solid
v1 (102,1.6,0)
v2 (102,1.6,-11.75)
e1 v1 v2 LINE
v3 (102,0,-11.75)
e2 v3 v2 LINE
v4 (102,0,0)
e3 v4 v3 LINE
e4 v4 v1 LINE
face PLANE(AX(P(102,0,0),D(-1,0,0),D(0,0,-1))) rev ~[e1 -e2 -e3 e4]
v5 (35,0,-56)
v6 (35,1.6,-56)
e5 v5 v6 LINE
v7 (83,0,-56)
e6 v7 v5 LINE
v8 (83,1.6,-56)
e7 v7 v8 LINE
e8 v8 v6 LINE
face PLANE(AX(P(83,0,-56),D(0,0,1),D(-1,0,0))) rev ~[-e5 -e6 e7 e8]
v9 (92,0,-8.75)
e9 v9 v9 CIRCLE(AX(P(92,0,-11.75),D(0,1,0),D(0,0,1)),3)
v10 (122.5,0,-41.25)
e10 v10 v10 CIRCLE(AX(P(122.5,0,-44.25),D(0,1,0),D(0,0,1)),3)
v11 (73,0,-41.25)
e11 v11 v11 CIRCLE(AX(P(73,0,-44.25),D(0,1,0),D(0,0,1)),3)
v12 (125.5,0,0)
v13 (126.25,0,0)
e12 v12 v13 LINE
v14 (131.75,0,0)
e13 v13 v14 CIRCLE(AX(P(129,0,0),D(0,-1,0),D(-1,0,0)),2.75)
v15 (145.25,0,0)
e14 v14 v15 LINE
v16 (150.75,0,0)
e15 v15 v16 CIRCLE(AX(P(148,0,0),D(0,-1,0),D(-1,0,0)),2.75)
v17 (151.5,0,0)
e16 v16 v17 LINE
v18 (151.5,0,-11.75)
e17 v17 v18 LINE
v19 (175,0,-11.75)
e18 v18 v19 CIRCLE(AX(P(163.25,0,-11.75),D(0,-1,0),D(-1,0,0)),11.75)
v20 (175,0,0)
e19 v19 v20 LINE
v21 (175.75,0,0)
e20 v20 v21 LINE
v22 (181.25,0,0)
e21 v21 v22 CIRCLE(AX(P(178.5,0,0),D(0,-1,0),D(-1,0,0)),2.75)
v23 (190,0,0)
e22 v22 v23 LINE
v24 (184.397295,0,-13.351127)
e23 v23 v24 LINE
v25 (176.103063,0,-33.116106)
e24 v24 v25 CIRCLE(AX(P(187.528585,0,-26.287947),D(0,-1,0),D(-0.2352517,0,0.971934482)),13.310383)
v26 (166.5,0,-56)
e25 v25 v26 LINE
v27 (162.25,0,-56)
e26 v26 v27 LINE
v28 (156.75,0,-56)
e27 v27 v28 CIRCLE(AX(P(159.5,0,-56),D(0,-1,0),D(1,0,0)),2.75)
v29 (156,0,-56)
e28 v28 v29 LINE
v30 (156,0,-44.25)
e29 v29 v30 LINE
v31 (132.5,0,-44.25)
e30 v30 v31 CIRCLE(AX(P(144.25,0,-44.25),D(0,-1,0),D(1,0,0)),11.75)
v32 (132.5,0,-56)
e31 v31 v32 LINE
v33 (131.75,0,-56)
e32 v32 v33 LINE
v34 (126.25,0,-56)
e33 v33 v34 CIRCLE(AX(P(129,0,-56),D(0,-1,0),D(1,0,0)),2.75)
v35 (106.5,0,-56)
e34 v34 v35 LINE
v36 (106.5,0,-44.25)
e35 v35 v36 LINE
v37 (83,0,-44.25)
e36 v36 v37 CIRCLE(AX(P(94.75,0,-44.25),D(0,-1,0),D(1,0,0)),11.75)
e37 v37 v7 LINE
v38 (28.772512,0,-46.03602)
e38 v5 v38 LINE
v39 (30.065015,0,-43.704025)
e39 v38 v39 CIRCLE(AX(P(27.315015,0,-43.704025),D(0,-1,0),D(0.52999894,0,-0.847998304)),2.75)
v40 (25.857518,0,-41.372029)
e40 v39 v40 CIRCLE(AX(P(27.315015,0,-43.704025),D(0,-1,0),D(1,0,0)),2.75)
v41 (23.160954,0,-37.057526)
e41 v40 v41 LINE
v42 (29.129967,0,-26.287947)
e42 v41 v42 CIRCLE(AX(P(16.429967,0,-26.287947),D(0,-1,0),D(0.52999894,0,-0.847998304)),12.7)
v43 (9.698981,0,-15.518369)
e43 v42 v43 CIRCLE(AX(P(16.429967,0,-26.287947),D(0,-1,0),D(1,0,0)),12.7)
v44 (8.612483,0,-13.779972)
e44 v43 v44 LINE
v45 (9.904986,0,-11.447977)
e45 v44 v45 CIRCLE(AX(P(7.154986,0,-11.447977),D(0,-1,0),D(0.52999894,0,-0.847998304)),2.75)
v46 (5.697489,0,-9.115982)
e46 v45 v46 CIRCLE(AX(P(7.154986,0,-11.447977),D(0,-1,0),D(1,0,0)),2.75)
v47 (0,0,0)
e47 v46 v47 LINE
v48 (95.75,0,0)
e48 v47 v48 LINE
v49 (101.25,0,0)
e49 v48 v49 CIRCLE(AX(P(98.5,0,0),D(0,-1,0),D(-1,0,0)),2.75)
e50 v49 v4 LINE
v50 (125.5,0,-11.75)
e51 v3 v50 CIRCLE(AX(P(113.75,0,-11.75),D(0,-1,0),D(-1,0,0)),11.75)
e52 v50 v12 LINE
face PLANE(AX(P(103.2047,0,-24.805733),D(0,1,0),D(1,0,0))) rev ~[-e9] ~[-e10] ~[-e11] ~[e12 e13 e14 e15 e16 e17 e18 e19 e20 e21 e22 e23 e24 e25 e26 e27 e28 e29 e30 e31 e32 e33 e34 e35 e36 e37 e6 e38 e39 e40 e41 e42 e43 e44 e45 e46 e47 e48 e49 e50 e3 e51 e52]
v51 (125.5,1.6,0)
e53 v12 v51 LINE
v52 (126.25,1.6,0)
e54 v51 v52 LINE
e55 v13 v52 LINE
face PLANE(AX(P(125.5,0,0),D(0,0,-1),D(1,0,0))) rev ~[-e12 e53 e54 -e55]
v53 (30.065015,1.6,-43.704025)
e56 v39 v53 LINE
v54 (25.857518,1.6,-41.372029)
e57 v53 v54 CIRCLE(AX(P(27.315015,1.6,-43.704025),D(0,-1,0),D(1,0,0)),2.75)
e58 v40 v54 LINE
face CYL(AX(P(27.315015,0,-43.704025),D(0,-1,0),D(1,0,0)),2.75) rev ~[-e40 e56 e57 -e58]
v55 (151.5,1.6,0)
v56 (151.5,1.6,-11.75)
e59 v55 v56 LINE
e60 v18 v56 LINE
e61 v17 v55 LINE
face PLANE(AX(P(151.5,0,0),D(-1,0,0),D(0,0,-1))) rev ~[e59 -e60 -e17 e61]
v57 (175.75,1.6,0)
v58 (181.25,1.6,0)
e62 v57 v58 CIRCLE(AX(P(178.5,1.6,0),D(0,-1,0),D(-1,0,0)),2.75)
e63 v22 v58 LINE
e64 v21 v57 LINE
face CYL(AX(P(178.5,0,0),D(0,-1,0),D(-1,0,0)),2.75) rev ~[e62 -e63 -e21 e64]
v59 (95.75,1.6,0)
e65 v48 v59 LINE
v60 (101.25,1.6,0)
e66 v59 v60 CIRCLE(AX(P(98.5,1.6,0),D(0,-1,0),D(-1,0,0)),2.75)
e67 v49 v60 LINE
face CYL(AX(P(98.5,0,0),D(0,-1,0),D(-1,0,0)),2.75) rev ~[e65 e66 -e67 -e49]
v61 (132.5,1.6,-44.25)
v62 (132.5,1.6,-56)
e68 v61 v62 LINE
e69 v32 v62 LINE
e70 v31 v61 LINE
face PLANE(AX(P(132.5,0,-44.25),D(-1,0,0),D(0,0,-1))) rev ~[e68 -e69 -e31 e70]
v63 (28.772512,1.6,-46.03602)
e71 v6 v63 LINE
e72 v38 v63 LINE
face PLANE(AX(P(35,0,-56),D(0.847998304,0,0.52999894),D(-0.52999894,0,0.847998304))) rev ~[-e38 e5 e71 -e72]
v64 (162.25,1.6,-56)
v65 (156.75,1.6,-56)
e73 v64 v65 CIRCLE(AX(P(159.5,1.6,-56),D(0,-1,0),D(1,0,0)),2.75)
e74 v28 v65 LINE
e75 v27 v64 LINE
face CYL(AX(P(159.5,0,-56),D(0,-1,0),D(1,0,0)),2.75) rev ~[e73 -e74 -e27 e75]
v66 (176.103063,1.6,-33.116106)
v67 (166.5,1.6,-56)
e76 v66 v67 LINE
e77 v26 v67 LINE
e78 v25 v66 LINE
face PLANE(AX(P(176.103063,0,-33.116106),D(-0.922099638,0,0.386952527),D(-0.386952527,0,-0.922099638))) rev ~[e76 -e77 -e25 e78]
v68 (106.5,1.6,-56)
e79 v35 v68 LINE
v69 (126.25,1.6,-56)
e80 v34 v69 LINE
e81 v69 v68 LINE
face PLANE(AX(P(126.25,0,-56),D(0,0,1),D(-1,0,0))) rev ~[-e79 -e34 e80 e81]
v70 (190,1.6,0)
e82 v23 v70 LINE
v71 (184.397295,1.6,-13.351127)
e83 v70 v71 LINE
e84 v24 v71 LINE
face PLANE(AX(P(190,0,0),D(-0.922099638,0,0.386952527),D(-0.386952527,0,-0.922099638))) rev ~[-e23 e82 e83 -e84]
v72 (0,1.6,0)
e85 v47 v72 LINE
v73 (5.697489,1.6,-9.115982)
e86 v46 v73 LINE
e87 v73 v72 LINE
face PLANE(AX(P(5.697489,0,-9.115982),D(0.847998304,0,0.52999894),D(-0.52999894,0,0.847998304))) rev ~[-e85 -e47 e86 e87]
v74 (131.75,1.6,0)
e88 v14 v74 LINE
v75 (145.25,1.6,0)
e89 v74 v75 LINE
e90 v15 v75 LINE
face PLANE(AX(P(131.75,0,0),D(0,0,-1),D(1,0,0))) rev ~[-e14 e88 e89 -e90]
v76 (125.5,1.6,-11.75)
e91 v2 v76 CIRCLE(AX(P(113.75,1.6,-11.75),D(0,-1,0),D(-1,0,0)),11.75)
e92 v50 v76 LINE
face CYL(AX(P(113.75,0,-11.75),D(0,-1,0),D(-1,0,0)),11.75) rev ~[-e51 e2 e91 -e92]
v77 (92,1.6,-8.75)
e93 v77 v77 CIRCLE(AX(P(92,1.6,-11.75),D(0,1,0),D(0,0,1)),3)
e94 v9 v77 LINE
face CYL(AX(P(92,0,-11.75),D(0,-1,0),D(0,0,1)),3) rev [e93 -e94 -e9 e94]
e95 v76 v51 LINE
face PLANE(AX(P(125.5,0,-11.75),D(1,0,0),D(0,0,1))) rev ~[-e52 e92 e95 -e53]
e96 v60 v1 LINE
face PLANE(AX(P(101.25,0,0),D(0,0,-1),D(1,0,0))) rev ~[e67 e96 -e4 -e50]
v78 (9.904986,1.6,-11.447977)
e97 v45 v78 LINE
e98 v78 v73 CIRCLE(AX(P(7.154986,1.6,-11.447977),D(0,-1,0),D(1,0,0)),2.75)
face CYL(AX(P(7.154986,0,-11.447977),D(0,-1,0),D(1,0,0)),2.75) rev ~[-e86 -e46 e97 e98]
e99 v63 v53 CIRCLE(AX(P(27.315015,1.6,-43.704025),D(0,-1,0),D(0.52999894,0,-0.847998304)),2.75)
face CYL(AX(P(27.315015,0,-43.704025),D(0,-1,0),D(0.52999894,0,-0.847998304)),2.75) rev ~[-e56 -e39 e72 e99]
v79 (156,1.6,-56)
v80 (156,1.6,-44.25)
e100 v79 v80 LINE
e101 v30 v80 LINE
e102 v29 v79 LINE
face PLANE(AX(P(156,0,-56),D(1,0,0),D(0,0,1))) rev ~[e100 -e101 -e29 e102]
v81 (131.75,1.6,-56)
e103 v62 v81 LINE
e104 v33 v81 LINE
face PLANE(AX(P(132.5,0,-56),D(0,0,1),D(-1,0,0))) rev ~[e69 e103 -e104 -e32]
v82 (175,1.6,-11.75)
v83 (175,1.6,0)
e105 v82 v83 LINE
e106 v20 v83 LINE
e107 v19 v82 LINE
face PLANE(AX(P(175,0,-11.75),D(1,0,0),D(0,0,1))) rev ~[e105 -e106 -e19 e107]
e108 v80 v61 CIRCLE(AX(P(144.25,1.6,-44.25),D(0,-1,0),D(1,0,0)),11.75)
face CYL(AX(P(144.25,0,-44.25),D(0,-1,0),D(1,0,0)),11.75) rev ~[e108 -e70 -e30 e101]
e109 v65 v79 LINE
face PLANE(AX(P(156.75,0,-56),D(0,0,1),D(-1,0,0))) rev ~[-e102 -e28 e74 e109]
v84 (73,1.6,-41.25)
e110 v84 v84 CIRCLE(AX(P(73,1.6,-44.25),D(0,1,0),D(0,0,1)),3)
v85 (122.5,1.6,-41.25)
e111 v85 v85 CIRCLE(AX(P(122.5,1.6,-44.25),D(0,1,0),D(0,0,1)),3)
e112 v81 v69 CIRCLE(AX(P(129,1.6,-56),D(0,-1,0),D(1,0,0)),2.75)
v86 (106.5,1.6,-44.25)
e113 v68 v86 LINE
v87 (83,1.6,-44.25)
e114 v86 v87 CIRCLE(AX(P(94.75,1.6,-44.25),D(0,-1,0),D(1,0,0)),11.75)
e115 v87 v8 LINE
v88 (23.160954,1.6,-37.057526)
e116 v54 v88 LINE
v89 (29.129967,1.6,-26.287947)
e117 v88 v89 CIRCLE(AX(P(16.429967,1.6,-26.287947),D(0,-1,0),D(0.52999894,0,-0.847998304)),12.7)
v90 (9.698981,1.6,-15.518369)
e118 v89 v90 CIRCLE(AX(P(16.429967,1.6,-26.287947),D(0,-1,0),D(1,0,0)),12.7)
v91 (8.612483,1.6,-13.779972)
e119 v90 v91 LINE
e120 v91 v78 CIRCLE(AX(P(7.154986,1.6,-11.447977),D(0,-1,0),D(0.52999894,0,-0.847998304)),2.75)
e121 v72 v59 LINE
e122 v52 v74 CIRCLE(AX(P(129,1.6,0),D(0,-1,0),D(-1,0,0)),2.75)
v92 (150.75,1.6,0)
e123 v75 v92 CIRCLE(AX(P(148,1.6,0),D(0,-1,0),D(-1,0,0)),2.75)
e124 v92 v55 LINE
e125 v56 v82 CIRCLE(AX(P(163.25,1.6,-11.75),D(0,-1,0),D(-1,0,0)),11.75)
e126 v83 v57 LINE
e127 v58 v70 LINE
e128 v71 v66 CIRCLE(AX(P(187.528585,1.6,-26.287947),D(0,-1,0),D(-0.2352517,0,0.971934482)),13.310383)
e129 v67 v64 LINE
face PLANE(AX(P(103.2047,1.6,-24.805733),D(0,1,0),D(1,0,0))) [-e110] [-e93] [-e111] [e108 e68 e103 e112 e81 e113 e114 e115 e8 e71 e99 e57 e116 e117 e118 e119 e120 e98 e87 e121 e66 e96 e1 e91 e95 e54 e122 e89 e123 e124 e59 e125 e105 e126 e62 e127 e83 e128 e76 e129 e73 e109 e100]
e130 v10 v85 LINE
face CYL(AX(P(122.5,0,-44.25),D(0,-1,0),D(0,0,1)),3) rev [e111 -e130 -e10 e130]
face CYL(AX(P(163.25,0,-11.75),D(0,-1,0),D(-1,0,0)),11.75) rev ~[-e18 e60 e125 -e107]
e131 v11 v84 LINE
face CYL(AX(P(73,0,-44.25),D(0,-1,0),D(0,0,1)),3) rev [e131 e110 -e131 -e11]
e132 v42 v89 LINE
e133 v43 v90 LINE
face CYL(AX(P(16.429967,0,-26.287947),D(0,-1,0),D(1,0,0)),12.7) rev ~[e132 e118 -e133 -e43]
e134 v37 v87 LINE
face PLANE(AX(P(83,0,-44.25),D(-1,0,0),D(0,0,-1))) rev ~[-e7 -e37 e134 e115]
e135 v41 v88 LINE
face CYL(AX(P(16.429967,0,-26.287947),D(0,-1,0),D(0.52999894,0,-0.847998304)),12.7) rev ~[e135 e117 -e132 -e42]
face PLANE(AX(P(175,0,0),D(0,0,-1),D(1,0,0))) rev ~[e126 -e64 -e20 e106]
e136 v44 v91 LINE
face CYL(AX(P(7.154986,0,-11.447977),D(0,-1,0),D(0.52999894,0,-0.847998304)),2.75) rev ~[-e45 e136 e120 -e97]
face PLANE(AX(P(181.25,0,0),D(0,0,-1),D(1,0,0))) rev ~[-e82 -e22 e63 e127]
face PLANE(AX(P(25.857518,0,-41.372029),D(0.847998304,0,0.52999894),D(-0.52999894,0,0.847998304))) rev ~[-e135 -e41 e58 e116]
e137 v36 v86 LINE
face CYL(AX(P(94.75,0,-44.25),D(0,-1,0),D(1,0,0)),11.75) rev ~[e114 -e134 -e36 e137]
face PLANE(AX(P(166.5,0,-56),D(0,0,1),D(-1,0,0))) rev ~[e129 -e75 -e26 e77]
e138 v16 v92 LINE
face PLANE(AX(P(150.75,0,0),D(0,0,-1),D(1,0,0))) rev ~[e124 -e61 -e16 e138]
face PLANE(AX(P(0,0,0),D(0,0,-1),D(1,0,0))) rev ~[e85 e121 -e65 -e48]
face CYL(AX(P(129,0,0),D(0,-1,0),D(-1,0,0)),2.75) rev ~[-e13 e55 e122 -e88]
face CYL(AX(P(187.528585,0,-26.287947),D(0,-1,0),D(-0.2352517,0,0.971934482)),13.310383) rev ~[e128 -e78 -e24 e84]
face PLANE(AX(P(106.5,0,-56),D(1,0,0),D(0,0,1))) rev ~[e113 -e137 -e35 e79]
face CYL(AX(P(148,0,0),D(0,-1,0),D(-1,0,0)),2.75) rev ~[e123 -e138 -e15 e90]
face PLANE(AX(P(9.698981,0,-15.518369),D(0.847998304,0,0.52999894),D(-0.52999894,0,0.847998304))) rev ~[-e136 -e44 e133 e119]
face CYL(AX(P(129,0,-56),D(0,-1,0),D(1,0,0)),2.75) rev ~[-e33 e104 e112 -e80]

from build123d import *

# Parameters (mm, degrees)
SKETCH1_R           = 3
BOSS_EXTRUDE1_DEPTH = 1.6


with BuildPart() as part:
    # Sketch1 → Boss-Extrude1 (new body)
    with BuildSketch(Plane(origin=(0, 0, 0), x_dir=(1, 0, 0), z_dir=(0, 1, 0))):
        with BuildLine():
            ThreePointArc((95.75, 0), (98.5, 2.75), (101.25, 0))
            Line((101.25, 0), (102, 0))
            Line((102, 0), (102, 11.75))
            ThreePointArc((102, 11.75), (113.75, 23.5), (125.5, 11.75))
            Line((125.5, 11.75), (125.5, 0))
            Line((125.5, 0), (126.25, 0))
            ThreePointArc((126.25, 0), (129, 2.75), (131.75, 0))
            Line((131.75, 0), (145.25, 0))
            ThreePointArc((145.25, 0), (148, 2.75), (150.75, 0))
            Line((150.75, 0), (151.5, 0))
            Line((151.5, 0), (151.5, 11.75))
            ThreePointArc((151.5, 11.75), (163.25, 23.5), (175, 11.75))
            Line((175, 11.75), (175, 0))
            Line((175, 0), (175.75, 0))
            ThreePointArc((175.75, 0), (178.5, 2.75), (181.25, 0))
            Line((181.25, 0), (190, 0))
            Line((190, 0), (184.397294991, 13.35112683))
            ThreePointArc((184.397294991, 13.35112683), (175.255085608, 21.137460938), (176.103062866, 33.116105511))
            Line((176.103062866, 33.116105511), (166.5, 56))
            Line((166.5, 56), (162.25, 56))
            ThreePointArc((162.25, 56), (159.5, 53.25), (156.75, 56))
            Line((156.75, 56), (156, 56))
            Line((156, 56), (156, 44.25))
            ThreePointArc((156, 44.25), (144.25, 32.5), (132.5, 44.25))
            Line((132.5, 44.25), (132.5, 56))
            Line((132.5, 56), (131.75, 56))
            ThreePointArc((131.75, 56), (129, 53.25), (126.25, 56))
            Line((126.25, 56), (106.5, 56))
            Line((106.5, 56), (106.5, 44.25))
            ThreePointArc((106.5, 44.25), (94.75, 32.5), (83, 44.25))
            Line((83, 44.25), (83, 56))
            Line((83, 56), (35, 56))
            Line((35, 56), (28.772512455, 46.036019928))
            ThreePointArc((28.772512455, 46.036019928), (29.720282193, 45.037138056), (30.06501537, 43.704024592))
            ThreePointArc((30.06501537, 43.704024592), (28.648128834, 41.298757768), (25.857518285, 41.372029256))
            Line((25.857518285, 41.372029256), (23.160953678, 37.057525885))
            ThreePointArc((23.160953678, 37.057525885), (27.537926652, 32.444507786), (29.12996714, 26.287947424))
            ThreePointArc((29.12996714, 26.287947424), (22.586527501, 15.179987912), (9.698980602, 15.518368963))
            Line((9.698980602, 15.518368963), (8.612482775, 13.77997244))
            ThreePointArc((8.612482775, 13.77997244), (9.560252513, 12.781090568), (9.90498569, 11.447977104))
            ThreePointArc((9.90498569, 11.447977104), (8.488099154, 9.042710281), (5.697488605, 9.115981768))
            Line((5.697488605, 9.115981768), (0, 0))
            Line((0, 0), (95.75, 0))
        make_face()
        with Locations(Location((92, 11.75, 0), (0, 0, 270))):  # turned: the seam where the file's is
            Circle(SKETCH1_R, mode=Mode.SUBTRACT)
        with Locations(Location((73, 44.25, 0), (0, 0, 270))):  # turned: the seam where the file's is
            Circle(SKETCH1_R, mode=Mode.SUBTRACT)
        with Locations(Location((122.5, 44.25, 0), (0, 0, 270))):  # turned: the seam where the file's is
            Circle(SKETCH1_R, mode=Mode.SUBTRACT)
    extrude(amount=BOSS_EXTRUDE1_DEPTH)


solid = part.part
